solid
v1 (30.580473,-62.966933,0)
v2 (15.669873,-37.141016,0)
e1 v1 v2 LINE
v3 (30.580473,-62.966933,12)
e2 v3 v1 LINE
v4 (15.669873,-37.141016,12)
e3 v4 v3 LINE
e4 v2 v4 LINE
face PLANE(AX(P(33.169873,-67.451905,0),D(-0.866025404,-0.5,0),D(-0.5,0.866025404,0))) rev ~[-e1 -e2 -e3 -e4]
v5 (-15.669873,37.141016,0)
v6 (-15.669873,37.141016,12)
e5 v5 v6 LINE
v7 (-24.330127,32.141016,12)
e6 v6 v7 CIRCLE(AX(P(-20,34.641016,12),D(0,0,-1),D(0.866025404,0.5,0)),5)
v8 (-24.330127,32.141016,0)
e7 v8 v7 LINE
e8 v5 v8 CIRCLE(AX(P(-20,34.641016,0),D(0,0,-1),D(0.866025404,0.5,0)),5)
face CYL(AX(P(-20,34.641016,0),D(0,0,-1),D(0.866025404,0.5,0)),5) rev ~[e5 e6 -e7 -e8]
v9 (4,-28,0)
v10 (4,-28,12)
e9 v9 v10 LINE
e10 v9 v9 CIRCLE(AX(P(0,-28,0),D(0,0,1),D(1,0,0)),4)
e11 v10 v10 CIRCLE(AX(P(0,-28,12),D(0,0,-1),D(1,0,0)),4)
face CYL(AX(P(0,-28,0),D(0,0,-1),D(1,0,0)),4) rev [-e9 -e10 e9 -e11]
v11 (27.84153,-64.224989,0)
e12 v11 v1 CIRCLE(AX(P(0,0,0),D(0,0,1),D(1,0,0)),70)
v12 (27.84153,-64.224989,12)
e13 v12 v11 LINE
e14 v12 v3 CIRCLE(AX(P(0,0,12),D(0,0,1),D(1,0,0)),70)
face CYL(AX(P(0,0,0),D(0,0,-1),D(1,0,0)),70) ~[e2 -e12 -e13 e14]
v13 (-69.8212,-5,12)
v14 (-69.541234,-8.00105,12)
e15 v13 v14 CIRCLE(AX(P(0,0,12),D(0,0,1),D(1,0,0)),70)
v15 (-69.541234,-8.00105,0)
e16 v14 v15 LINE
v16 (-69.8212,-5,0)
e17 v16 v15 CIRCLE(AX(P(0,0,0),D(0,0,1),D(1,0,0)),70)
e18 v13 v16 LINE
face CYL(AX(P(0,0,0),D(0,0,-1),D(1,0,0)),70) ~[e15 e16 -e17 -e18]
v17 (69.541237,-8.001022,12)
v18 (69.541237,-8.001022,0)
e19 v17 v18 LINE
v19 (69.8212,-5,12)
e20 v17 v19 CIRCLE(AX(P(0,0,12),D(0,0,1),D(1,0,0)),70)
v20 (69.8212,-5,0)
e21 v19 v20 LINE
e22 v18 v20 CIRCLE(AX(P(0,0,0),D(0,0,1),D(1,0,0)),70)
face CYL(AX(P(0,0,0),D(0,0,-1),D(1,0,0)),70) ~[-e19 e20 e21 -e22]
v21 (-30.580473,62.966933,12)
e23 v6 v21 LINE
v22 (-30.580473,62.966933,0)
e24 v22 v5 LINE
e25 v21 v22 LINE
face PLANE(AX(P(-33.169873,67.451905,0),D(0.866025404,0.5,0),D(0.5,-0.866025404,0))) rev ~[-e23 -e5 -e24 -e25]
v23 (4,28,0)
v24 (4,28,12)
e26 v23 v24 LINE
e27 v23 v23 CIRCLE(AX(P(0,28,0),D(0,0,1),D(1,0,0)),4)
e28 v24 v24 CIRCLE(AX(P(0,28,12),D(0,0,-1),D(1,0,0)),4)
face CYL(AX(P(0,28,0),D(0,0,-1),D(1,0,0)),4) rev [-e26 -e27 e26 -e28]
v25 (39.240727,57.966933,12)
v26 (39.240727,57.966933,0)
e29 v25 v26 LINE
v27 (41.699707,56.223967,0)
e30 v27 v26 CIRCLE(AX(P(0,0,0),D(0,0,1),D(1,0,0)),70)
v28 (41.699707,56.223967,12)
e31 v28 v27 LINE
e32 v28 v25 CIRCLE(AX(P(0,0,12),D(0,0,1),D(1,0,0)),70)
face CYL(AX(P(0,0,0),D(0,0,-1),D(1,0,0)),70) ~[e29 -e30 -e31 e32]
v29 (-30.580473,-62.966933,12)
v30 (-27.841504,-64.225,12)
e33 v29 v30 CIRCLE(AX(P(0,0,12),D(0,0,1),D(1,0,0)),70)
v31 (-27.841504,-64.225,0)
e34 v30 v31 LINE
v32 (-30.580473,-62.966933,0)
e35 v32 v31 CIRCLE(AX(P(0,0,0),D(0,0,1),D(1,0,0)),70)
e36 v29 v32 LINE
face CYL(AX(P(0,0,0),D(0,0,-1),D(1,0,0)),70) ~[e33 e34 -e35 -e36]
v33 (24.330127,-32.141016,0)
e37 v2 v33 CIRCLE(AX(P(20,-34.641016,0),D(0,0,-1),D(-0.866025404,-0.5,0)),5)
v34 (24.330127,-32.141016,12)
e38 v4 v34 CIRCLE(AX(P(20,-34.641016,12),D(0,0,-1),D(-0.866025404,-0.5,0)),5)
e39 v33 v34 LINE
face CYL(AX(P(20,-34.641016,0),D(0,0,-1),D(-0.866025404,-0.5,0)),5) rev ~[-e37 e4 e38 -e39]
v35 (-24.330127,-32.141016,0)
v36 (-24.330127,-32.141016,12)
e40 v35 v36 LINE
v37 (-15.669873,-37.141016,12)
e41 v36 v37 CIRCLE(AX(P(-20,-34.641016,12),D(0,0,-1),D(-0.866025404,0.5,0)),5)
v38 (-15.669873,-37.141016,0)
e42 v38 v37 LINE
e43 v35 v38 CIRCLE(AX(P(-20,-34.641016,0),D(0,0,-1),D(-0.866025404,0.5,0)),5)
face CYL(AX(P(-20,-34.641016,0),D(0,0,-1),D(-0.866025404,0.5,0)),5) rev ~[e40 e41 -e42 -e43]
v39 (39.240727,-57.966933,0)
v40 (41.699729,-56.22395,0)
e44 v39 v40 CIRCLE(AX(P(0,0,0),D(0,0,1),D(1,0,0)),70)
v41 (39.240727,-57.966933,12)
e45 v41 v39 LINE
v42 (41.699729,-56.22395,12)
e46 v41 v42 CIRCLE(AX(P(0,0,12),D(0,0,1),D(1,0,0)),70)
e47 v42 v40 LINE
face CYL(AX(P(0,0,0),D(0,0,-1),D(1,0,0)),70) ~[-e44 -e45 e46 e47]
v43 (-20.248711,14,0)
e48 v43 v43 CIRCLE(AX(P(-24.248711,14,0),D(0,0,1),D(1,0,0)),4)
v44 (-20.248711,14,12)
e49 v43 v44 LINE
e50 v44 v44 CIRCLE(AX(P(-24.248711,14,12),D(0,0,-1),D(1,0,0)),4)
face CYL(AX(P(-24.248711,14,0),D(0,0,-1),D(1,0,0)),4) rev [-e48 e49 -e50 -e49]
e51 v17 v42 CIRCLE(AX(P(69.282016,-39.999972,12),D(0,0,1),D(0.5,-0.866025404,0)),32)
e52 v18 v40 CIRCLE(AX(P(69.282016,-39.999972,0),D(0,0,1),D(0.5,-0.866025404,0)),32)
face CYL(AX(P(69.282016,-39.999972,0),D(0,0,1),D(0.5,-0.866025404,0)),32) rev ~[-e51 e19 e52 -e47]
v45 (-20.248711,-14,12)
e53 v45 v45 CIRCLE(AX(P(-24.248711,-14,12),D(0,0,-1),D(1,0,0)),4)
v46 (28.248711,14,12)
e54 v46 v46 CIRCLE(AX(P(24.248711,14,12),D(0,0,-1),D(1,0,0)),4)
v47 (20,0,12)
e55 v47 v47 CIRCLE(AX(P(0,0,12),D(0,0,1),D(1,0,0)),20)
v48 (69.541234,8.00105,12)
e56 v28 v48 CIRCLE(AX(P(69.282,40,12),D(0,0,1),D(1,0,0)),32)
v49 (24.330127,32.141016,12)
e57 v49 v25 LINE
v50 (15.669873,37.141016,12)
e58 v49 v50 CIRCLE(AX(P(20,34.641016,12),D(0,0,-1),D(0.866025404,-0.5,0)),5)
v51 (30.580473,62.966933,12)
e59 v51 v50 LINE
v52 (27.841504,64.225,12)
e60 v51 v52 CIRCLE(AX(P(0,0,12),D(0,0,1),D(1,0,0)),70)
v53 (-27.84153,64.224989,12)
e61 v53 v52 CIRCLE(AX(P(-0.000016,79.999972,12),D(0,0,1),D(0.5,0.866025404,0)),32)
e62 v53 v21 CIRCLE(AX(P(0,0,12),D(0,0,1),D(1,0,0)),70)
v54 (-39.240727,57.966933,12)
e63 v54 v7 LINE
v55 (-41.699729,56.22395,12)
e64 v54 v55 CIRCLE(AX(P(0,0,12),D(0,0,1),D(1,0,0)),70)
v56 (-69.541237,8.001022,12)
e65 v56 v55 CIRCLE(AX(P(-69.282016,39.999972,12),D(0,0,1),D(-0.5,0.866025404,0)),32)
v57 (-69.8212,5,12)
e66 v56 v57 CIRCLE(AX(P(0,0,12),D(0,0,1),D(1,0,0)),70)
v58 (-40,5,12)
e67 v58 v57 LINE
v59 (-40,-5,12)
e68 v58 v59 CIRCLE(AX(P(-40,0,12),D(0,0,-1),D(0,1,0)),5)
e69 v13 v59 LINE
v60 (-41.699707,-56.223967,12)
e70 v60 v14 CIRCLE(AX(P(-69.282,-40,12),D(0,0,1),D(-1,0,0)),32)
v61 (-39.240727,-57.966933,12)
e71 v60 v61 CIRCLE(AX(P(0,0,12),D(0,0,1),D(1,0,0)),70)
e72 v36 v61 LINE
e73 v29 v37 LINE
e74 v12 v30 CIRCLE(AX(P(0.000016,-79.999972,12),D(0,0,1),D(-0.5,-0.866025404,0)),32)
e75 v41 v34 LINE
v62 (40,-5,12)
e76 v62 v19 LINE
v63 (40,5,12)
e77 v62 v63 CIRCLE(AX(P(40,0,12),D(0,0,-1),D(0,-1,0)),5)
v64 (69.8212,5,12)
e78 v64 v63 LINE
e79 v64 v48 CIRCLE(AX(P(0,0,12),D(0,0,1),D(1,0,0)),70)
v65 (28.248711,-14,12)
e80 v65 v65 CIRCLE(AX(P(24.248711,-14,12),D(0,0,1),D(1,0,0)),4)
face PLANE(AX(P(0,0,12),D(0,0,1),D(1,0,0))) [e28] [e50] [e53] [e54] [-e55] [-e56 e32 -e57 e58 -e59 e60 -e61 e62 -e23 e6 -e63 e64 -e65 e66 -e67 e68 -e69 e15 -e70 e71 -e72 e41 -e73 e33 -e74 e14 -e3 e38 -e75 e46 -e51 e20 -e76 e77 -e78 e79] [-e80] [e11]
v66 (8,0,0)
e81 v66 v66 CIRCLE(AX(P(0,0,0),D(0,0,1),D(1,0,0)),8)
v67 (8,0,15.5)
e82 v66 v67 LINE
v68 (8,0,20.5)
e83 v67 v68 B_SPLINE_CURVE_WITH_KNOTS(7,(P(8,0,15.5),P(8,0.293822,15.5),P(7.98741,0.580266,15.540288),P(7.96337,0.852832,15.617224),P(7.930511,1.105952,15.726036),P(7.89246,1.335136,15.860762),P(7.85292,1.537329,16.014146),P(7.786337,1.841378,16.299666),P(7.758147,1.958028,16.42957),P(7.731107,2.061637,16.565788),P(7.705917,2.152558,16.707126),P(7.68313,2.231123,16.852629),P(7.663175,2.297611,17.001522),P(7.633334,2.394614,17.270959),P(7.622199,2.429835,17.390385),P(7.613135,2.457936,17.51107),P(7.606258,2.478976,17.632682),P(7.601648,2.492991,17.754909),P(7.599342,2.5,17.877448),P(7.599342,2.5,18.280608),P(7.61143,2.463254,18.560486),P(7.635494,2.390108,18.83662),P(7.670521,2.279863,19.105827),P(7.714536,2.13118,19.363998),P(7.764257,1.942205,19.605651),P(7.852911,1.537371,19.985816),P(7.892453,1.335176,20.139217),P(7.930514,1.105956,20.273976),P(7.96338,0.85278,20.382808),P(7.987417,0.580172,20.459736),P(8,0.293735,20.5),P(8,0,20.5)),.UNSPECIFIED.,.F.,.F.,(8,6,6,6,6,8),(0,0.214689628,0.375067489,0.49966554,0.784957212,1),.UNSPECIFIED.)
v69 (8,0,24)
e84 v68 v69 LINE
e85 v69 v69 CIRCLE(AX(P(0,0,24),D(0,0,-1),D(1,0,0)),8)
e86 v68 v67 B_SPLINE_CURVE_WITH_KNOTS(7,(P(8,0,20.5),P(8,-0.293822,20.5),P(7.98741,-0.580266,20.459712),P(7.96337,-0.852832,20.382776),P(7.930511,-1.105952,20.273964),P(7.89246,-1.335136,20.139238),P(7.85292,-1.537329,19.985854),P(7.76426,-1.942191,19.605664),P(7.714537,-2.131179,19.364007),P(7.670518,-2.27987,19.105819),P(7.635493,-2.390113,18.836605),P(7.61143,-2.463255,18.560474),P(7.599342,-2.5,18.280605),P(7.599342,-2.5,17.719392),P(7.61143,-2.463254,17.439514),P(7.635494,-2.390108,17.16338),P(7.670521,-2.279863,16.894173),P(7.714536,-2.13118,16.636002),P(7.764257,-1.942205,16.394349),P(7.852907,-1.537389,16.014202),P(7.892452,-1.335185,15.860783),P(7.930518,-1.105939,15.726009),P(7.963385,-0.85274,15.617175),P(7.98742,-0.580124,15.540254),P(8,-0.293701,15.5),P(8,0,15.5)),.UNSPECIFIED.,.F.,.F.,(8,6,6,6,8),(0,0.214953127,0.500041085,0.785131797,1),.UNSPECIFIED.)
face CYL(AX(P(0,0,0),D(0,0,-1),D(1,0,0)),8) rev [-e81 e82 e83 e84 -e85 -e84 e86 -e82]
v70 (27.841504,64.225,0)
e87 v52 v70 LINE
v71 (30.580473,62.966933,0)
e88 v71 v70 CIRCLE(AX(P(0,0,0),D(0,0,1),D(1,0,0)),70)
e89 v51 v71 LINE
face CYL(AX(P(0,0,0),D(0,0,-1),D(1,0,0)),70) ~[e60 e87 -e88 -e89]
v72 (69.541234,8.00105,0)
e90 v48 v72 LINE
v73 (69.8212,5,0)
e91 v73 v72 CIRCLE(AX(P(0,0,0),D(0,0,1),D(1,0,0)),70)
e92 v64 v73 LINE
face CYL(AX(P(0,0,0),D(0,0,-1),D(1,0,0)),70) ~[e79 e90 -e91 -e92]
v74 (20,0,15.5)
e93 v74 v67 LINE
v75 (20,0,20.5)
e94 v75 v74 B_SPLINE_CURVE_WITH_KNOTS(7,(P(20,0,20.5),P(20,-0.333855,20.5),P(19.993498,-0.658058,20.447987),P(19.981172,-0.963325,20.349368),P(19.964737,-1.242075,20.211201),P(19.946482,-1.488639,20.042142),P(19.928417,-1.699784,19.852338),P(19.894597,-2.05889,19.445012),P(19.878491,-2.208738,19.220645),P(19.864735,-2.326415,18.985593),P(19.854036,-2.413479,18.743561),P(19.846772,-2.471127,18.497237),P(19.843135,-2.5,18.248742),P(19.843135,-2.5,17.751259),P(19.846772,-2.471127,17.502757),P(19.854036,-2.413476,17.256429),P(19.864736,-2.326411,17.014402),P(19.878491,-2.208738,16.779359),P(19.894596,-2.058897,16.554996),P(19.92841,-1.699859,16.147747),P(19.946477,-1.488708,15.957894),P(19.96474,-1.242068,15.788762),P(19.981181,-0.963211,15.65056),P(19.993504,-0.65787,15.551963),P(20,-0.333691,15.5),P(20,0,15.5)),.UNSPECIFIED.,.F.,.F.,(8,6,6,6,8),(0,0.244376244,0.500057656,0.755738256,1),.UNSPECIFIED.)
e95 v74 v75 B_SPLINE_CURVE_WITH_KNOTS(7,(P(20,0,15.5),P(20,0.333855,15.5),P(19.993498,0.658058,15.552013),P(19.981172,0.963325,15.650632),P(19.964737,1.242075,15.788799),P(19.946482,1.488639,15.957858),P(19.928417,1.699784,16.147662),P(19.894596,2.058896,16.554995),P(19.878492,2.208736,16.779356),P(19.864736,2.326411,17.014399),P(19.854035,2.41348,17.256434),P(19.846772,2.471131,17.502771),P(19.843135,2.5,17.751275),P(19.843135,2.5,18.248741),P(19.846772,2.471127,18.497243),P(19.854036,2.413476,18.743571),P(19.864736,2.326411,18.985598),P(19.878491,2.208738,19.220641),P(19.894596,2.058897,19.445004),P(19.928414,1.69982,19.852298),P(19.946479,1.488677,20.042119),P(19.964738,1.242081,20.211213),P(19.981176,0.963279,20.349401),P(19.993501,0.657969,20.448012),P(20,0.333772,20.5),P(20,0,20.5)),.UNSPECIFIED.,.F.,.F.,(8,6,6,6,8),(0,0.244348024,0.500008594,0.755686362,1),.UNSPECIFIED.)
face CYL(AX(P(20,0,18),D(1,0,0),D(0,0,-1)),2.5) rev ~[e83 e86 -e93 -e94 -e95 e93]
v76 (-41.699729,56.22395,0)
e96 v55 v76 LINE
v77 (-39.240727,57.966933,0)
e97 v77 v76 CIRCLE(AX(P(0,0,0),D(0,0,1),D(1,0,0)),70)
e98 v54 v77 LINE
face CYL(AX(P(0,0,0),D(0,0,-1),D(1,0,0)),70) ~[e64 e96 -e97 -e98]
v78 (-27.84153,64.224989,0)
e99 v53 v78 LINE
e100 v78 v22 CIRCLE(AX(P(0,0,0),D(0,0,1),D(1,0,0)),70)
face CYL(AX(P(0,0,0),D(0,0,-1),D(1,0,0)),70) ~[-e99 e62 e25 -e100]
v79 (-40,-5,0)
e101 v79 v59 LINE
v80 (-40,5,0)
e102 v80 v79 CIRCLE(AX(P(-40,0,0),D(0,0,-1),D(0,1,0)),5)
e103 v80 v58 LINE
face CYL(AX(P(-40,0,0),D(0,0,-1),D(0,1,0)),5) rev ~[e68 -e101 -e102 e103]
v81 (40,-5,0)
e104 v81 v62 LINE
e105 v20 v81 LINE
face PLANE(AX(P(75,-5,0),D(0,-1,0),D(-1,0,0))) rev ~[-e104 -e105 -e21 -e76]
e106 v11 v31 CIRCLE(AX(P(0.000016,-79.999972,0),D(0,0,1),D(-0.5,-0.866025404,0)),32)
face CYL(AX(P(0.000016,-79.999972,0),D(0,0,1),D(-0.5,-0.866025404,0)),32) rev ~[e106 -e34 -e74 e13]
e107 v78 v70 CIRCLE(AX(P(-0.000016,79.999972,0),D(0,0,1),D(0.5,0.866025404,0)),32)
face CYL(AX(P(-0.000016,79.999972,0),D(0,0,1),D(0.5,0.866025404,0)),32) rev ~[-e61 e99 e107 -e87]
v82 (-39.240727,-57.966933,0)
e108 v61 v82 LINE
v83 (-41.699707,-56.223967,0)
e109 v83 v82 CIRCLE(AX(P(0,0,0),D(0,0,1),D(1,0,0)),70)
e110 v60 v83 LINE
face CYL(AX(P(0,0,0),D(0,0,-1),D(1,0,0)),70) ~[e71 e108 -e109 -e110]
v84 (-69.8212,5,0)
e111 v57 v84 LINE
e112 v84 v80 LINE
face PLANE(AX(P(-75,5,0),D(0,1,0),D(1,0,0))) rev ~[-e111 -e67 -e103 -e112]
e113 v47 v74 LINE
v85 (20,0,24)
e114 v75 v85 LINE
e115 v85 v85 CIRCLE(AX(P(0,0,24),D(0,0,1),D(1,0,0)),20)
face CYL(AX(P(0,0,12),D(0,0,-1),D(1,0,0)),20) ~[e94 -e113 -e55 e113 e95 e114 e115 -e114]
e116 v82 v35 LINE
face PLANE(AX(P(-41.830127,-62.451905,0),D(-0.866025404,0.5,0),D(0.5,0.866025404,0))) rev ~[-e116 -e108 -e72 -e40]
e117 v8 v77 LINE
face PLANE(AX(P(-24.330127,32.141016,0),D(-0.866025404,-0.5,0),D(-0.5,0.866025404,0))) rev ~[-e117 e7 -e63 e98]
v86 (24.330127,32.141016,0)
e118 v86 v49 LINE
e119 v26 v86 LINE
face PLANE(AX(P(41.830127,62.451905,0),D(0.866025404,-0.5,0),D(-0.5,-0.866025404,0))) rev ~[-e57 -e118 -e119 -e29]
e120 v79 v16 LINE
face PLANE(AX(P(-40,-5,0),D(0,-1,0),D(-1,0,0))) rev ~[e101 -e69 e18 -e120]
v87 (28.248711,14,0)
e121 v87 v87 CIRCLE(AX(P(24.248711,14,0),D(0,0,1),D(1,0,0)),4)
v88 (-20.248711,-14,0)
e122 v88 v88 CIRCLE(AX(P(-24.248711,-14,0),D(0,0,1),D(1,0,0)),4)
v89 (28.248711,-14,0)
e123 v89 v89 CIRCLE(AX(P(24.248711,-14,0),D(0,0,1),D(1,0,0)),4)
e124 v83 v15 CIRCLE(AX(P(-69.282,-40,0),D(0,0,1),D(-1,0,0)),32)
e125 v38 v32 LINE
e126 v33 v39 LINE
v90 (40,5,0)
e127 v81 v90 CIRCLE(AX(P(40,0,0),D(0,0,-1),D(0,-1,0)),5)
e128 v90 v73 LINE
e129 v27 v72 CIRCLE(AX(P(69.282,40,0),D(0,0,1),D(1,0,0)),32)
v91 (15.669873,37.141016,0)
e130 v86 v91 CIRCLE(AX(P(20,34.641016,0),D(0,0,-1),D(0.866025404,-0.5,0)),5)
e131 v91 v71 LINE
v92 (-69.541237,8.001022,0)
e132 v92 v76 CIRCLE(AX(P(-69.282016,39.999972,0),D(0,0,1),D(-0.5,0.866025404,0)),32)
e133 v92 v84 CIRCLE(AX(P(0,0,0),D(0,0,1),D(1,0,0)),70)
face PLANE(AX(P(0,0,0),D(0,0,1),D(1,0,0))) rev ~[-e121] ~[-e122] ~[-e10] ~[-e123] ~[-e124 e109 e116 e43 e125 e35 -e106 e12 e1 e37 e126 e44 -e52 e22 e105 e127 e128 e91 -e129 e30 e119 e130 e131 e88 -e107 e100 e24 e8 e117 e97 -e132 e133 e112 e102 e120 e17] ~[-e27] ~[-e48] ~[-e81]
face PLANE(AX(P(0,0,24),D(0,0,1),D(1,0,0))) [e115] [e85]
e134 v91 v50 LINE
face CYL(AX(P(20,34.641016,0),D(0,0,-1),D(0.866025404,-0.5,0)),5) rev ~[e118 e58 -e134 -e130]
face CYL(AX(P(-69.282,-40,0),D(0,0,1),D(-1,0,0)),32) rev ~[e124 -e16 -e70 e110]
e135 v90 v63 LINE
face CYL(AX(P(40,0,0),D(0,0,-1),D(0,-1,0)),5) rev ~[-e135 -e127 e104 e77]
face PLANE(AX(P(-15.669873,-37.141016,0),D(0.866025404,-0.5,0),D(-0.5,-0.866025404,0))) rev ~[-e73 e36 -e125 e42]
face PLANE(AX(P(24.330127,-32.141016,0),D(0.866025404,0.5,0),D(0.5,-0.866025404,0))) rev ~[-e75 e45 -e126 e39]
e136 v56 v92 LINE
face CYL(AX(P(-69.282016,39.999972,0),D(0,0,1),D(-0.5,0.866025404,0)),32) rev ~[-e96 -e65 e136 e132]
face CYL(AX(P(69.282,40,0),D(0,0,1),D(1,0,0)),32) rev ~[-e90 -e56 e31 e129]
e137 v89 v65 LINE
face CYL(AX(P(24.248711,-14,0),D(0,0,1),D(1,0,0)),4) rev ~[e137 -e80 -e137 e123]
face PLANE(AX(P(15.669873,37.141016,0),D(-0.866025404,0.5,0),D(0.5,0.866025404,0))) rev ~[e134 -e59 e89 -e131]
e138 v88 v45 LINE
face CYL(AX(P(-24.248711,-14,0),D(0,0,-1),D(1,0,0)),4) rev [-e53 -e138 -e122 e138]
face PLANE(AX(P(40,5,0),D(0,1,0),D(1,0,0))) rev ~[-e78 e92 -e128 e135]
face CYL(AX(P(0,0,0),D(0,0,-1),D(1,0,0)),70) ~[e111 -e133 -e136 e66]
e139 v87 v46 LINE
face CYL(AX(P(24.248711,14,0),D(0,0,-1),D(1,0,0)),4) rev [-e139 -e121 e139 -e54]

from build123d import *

# Parameters (mm, degrees)
SKETCH_1_R               = 70
EXTRUDE_1_DEPTH          = 12
SKETCH_2_R               = 20
EXTRUDE_2_DEPTH          = 12
SKETCH_3_R               = 8
CUT_EXTRUDE_1_DEPTH      = 102.862652626
CUT_EXTRUDE_2_DEPTH      = 102.862652626
PATTERN_CIRCULAR_1_COUNT = 6
SKETCH_5_R               = 32
CUT_EXTRUDE_3_DEPTH      = 141
PATTERN_CIRCULAR_2_COUNT = 6
SKETCH_6_R               = 4
CUT_EXTRUDE_4_DEPTH      = 140.642
SKETCH_8_R               = 2.5
CUT_EXTRUDE_7_DEPTH      = 13


with BuildPart() as part:
    # 草图1 → 凸台-拉伸1 (new body)
    with BuildSketch(Plane.XY):
        Circle(SKETCH_1_R)
    extrude(amount=EXTRUDE_1_DEPTH)

    # 草图2 → 凸台-拉伸2 (add)
    with BuildSketch(Plane.XY.offset(12)):
        Circle(SKETCH_2_R)
    extrude(amount=EXTRUDE_2_DEPTH)

    # 草图3 → 切除-拉伸1 (cut, through all)
    with BuildSketch(Plane.XY):
        Circle(SKETCH_3_R)
    extrude(amount=CUT_EXTRUDE_1_DEPTH, mode=Mode.SUBTRACT)

    # 草图4 → 切除-拉伸2 (cut, through all)
    with BuildSketch(Plane.XY):
        with BuildLine():
            Line((75, -5), (40, -5))
            ThreePointArc((40, -5), (35, 0), (40, 5))
            Line((40, 5), (75, 5))
            Line((75, 5), (75, -5))
        make_face()
    cut_extrude_2 = extrude(amount=CUT_EXTRUDE_2_DEPTH, mode=Mode.SUBTRACT)

    # 阵列(圆周)1: 切除-拉伸2 ×6 about axis
    pattern_circular_1_axis = Axis((0, 0, 25.2), (0, 0, -1))
    for i in range(1, PATTERN_CIRCULAR_1_COUNT):
        add(cut_extrude_2.rotate(pattern_circular_1_axis, i * 360 / PATTERN_CIRCULAR_1_COUNT), mode=Mode.SUBTRACT)

    # 草图5 → 切除-拉伸3 (cut, symmetric)
    with BuildSketch(Plane.XY):
        with Locations((69.282, 40)):
            Circle(SKETCH_5_R)
    cut_extrude_3 = extrude(amount=CUT_EXTRUDE_3_DEPTH, both=True, mode=Mode.SUBTRACT)

    # 阵列(圆周)2: 切除-拉伸3 ×6 about axis
    pattern_circular_2_axis = Axis((0, 0, 25.2), (0, 0, -1))
    for i in range(1, PATTERN_CIRCULAR_2_COUNT):
        add(cut_extrude_3.rotate(pattern_circular_2_axis, i * 360 / PATTERN_CIRCULAR_2_COUNT), mode=Mode.SUBTRACT)

    # 草图6 → 切除-拉伸4 (cut, symmetric)
    with BuildSketch(Plane.XY):
        with Locations((24.248711, 14)):
            Circle(SKETCH_6_R)
        with Locations((0, 28)):
            Circle(SKETCH_6_R)
        with Locations((-24.248711, 14)):
            Circle(SKETCH_6_R)
        with Locations((-24.248711, -14)):
            Circle(SKETCH_6_R)
        with Locations((0, -28)):
            Circle(SKETCH_6_R)
        with Locations((24.248711, -14)):
            Circle(SKETCH_6_R)
    extrude(amount=CUT_EXTRUDE_4_DEPTH, both=True, mode=Mode.SUBTRACT)

    # 草图8 → 切除-拉伸7 (cut)
    with BuildSketch(Plane(origin=(20, 0, 0), x_dir=(0, 0, -1), z_dir=(1, 0, 0))):
        with Locations((-18, 0)):
            Circle(SKETCH_8_R)
    extrude(amount=-CUT_EXTRUDE_7_DEPTH, mode=Mode.SUBTRACT)


solid = part.part
